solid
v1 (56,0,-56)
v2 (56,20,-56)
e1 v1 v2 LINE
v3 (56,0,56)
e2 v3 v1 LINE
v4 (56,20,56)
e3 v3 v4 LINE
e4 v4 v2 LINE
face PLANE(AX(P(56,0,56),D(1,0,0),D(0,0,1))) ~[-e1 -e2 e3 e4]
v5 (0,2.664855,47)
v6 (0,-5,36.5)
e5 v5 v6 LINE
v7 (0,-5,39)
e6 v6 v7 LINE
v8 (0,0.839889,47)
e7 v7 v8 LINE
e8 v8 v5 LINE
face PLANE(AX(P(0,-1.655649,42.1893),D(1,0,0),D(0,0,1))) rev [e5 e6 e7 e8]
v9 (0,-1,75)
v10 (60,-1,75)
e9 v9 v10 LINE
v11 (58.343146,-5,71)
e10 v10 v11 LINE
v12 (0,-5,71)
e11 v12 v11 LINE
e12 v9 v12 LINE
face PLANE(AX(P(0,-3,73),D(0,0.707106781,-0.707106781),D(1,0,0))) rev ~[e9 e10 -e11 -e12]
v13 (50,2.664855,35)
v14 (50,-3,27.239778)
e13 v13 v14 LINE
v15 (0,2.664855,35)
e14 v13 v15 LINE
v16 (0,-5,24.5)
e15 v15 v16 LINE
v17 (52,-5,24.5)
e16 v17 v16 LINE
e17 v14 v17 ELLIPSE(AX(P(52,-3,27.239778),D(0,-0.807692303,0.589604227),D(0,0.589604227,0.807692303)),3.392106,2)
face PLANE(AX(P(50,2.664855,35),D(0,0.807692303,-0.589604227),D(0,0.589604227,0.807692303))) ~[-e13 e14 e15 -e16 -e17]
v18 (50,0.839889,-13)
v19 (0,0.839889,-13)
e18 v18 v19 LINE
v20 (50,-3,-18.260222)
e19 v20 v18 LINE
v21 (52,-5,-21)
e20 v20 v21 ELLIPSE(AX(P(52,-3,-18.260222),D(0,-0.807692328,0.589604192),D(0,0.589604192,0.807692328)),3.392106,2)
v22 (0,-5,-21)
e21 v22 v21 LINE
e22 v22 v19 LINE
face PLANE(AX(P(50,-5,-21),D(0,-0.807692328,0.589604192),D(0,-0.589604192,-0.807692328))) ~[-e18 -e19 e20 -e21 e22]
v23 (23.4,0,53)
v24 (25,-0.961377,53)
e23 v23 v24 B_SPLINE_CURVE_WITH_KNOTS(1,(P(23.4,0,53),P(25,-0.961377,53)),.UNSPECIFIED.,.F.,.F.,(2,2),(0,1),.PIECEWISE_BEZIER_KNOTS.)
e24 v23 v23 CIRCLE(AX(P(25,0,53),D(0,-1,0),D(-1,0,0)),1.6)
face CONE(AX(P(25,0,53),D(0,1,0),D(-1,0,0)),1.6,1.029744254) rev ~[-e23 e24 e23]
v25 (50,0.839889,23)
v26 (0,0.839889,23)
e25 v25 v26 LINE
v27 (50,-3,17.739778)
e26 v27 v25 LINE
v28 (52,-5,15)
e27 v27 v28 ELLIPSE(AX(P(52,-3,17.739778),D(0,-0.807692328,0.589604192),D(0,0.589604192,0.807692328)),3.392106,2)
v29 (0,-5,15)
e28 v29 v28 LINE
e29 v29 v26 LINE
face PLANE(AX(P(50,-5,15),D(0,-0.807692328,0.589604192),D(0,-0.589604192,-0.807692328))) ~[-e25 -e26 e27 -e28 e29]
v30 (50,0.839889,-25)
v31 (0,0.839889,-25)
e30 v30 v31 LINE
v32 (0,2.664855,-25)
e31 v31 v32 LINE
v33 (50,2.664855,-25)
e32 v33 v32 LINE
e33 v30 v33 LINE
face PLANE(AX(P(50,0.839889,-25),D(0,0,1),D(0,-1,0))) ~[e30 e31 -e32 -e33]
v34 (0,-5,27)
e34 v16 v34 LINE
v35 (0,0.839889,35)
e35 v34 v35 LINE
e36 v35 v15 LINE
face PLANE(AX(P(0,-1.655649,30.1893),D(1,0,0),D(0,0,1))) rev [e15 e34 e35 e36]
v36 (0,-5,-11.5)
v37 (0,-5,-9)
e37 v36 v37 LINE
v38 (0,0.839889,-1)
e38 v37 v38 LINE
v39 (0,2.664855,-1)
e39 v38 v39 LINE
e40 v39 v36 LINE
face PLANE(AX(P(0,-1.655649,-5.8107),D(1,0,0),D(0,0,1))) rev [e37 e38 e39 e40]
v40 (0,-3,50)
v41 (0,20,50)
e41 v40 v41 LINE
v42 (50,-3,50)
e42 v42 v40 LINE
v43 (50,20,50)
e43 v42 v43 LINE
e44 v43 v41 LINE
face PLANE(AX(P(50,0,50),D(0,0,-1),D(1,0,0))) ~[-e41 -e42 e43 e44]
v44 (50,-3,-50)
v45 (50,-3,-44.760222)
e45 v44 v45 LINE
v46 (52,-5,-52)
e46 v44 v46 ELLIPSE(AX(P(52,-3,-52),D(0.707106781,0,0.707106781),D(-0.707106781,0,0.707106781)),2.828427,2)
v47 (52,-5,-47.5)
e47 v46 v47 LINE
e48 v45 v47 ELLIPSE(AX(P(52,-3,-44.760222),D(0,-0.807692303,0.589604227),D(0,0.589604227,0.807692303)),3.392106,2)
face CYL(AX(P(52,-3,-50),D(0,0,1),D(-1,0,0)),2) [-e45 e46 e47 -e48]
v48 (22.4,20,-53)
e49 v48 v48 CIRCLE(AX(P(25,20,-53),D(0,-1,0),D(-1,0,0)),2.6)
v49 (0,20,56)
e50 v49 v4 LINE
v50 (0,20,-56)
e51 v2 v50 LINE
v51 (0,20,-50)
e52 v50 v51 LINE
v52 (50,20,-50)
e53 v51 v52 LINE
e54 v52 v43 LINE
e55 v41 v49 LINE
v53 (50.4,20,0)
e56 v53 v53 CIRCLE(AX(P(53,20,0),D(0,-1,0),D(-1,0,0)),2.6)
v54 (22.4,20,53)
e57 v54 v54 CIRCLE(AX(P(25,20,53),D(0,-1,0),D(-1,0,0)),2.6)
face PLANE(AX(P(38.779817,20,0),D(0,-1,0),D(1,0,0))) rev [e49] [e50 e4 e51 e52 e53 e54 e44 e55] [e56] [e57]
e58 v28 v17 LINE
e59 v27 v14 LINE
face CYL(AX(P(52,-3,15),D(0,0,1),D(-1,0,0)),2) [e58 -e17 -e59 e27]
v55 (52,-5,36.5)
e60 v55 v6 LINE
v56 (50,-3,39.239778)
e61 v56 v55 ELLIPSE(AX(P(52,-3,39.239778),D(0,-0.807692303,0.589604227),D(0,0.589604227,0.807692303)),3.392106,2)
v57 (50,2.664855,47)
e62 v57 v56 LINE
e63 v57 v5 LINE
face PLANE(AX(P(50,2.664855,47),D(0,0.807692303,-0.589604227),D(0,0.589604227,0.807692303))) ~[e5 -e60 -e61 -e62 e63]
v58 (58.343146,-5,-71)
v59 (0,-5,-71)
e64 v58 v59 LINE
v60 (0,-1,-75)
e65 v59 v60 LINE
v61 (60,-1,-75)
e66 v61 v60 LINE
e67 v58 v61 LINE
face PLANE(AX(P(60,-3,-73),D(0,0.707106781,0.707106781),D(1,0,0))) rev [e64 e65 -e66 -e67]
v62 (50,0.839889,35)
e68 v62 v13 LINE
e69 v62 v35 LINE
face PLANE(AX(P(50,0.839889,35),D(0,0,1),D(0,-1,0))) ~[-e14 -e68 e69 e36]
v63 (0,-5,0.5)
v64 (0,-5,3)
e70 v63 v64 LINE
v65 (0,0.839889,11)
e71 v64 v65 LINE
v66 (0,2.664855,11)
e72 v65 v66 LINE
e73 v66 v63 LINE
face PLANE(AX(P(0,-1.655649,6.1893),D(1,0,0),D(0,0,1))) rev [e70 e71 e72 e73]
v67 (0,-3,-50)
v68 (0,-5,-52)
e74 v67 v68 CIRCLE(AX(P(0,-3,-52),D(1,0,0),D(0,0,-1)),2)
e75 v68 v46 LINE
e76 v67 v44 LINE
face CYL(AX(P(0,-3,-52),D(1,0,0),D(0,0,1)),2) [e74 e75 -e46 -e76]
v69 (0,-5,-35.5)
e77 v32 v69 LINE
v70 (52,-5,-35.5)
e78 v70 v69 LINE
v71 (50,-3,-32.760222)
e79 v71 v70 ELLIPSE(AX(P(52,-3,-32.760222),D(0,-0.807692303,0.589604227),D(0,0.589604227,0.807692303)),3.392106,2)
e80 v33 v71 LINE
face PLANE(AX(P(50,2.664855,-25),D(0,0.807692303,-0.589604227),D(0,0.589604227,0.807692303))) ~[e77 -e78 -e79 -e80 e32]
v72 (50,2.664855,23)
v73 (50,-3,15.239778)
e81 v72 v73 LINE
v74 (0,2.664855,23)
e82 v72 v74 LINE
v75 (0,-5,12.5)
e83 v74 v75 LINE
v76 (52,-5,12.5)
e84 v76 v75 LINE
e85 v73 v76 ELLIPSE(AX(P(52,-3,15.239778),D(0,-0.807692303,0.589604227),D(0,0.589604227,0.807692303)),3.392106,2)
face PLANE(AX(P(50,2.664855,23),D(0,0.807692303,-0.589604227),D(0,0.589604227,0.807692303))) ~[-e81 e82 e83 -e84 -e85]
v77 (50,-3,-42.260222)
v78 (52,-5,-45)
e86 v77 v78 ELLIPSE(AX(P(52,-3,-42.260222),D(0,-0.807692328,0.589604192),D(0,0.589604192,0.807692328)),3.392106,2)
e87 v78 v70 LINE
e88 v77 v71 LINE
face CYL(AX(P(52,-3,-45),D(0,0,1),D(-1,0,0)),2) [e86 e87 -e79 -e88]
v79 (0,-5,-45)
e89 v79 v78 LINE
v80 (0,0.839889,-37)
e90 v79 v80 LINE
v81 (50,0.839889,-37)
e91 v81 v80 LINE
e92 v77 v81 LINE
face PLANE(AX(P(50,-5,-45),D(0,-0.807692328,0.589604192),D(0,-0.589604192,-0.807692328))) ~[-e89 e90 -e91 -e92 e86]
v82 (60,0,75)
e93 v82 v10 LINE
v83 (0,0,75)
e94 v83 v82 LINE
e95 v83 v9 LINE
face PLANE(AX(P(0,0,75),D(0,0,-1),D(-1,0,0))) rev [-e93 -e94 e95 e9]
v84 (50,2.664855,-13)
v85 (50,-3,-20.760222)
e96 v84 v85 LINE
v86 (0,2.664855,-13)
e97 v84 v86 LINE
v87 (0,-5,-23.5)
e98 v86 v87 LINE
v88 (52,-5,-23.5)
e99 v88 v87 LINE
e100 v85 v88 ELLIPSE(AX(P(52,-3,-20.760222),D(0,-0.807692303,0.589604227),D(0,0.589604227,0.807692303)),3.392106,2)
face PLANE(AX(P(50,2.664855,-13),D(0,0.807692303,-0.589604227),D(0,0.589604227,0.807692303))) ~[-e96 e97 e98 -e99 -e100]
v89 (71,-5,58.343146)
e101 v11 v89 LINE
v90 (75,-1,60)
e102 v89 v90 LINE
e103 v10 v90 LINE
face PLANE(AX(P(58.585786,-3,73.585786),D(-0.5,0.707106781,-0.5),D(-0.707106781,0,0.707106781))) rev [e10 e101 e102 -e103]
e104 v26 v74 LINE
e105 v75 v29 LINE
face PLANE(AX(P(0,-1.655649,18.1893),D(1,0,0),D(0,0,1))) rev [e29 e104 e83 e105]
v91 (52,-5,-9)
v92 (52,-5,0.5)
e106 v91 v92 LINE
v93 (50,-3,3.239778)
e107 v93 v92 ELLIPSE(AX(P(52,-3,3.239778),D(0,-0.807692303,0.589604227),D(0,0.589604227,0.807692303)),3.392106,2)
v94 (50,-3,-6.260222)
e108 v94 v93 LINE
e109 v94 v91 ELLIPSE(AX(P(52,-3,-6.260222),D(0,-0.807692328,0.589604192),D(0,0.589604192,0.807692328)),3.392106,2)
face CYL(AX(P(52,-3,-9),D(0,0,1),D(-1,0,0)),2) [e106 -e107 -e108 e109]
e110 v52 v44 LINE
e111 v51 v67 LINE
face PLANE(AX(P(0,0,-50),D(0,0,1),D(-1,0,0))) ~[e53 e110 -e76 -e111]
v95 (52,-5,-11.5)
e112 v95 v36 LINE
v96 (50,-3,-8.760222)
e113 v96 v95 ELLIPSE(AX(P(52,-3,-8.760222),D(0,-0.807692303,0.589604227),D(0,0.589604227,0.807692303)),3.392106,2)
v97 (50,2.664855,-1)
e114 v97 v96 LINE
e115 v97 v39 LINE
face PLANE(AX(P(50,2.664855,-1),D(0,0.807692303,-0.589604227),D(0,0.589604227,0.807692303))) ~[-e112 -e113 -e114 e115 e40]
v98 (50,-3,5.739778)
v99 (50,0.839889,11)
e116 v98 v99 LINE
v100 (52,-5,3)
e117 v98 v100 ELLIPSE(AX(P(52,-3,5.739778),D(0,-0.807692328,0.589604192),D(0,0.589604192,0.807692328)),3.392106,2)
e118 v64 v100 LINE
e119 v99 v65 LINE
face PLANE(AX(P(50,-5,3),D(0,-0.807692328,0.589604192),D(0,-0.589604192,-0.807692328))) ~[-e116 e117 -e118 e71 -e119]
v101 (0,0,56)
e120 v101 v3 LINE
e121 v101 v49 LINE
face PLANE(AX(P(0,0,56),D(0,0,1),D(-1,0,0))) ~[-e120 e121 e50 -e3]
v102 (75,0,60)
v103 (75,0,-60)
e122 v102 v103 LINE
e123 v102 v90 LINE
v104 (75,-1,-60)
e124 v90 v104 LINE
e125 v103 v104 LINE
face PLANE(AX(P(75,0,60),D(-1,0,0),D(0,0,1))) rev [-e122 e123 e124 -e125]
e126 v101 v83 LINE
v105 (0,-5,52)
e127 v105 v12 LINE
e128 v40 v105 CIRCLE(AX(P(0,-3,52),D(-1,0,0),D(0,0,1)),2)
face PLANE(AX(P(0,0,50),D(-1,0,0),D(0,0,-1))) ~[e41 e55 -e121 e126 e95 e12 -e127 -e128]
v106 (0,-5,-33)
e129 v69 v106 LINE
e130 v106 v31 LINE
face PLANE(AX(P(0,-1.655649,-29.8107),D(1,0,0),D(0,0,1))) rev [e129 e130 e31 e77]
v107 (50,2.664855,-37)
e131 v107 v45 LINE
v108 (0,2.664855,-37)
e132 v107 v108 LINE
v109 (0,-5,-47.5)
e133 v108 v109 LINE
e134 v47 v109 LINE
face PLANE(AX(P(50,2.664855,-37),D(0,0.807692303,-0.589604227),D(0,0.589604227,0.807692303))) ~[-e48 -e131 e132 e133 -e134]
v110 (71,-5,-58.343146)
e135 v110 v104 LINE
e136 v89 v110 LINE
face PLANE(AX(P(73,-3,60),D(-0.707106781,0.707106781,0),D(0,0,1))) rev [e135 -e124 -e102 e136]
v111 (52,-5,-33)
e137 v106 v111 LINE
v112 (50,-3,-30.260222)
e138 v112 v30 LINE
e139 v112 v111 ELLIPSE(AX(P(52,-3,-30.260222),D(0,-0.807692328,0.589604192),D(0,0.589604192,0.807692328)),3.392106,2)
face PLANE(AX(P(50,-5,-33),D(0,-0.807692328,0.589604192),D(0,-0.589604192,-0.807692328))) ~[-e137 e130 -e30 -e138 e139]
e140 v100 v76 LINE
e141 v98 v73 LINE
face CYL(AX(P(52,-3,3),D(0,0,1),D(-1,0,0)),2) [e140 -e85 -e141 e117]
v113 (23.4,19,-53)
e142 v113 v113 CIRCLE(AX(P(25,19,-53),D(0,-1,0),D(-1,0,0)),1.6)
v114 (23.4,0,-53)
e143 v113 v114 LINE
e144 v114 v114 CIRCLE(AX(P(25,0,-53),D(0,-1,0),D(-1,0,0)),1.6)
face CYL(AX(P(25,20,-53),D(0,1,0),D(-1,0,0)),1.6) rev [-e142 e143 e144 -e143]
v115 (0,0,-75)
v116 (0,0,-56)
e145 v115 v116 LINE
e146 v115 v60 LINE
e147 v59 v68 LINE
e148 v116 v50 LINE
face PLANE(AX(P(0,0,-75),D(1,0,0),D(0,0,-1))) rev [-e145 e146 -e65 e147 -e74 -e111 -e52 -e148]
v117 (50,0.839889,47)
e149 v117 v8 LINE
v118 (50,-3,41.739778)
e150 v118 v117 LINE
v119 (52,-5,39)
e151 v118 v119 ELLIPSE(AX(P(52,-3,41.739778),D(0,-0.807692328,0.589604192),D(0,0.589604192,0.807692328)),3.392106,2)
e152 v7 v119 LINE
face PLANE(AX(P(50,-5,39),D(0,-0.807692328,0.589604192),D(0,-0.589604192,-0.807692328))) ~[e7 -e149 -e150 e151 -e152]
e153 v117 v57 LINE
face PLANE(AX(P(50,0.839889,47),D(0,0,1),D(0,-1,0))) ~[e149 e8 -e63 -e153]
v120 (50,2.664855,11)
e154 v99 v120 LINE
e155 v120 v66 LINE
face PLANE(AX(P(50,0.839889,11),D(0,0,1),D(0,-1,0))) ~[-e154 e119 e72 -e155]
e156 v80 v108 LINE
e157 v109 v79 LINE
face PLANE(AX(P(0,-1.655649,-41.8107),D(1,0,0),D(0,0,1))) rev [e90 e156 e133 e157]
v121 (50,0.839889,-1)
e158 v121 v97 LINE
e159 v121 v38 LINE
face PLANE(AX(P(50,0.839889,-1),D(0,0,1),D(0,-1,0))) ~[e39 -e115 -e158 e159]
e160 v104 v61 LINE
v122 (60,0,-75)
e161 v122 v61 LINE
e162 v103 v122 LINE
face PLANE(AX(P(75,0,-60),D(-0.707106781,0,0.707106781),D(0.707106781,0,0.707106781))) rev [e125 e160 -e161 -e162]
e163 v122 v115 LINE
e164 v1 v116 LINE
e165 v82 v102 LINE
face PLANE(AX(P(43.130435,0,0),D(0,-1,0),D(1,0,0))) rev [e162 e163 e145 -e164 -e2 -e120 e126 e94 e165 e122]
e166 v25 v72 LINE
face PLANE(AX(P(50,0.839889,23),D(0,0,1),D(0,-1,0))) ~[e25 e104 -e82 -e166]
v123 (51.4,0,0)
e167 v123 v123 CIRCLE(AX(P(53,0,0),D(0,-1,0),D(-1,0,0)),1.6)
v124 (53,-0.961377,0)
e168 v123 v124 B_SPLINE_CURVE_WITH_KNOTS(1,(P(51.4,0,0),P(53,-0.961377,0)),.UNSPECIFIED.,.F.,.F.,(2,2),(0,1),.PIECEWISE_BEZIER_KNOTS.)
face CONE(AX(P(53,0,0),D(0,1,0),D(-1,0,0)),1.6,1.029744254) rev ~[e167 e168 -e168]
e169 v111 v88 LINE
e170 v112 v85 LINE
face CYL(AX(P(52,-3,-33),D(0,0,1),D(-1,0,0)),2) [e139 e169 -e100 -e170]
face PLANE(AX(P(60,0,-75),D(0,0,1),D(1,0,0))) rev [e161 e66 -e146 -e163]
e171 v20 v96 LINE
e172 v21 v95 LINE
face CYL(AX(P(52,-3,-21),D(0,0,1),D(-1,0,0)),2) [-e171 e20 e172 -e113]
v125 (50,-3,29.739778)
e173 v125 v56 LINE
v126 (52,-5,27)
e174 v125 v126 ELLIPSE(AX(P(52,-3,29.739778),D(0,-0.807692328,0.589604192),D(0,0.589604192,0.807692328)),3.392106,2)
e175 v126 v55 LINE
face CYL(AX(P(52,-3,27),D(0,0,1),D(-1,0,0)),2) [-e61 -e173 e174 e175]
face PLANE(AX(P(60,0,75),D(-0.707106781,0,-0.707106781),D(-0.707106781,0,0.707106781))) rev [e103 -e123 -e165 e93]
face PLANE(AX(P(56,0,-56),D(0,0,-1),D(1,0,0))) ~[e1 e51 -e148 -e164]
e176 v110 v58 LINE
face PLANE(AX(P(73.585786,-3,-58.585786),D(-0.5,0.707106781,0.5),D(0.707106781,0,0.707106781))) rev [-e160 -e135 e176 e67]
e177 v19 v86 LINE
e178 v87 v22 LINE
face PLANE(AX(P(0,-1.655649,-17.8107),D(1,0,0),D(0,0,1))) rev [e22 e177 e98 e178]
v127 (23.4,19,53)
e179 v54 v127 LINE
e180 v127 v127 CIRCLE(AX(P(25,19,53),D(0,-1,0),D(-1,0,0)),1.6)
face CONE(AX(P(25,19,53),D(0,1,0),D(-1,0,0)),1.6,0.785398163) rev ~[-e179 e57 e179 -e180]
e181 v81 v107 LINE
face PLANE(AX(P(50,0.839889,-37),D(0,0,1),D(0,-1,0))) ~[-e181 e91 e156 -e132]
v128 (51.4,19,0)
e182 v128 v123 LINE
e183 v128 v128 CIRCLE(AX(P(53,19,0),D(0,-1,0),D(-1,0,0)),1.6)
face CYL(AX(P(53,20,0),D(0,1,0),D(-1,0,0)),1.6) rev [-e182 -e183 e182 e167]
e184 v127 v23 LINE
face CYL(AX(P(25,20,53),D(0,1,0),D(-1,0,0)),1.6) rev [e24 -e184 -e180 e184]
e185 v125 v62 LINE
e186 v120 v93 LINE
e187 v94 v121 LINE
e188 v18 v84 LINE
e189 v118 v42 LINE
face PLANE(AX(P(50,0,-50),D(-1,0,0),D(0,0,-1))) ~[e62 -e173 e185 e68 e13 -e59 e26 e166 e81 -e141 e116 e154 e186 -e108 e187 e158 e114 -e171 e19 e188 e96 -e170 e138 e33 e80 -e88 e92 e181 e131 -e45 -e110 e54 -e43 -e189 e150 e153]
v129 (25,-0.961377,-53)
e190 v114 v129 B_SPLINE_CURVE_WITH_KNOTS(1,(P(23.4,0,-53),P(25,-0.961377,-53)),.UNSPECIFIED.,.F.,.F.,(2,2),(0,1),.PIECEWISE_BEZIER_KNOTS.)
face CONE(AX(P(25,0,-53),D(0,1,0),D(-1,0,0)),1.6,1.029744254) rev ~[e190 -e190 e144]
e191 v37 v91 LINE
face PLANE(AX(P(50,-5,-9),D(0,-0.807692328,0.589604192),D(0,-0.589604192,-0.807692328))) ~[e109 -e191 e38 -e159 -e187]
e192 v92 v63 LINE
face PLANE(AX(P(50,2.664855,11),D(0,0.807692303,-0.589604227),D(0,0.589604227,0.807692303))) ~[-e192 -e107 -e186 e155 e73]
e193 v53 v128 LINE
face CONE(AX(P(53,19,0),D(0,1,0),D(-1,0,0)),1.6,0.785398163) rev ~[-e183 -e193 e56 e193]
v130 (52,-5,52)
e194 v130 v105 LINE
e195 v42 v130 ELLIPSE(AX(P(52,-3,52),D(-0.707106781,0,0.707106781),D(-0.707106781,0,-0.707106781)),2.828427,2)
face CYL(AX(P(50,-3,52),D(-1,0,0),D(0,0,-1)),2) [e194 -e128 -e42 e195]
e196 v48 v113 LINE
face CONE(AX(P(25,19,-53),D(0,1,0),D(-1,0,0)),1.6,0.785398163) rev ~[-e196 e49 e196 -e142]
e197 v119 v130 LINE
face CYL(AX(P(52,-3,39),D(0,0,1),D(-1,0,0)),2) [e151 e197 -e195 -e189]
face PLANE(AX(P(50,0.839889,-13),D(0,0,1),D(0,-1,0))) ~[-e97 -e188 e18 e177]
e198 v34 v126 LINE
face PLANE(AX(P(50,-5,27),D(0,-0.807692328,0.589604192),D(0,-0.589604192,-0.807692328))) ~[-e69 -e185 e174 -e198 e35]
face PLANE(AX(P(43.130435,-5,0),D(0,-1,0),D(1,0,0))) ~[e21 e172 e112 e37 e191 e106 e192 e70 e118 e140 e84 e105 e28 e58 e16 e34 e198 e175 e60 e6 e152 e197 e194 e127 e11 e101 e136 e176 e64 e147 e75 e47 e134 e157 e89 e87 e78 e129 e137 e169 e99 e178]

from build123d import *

# Parameters (mm, degrees)
PAD_DEPTH           = 5
PAD001_DEPTH        = 20
PAD002_DEPTH        = 50
LINEARPATTERN_COUNT = 8
LINEARPATTERN_PITCH = 12
SKETCH003_R         = 1.6
HOLE_DEPTH          = 20
HOLE_TIPS_R         = 1.6
CHAMFER_SIZE        = 4
CHAMFER001_SIZE     = 1
FILLET_R            = 2


with BuildPart() as k_rper:
    # Sketch → Pad (new body)
    with BuildSketch(Plane.XZ):
        Polygon((-50, -50), (-50, 50), (0, 50), (0, 75), (-60, 75), (-75, 60), (-75, -60), (-60, -75), (0, -75), (0, -50), align=None)
    extrude(amount=PAD_DEPTH)

    # Sketch001 → Pad001 (join)
    with BuildSketch(Plane.XZ):
        Polygon((0, 56), (-56, 56), (-56, 0), (-56, -56), (0, -56), (0, -50), (-50, -50), (-50, 0), (-50, 50), (0, 50), align=None)
    extrude(amount=-PAD001_DEPTH)

    # Sketch002 (on Face5 of Pad001) → Pad002 (join)
    with BuildSketch(Plane(origin=(-50, 0, 0), x_dir=(0, 0, 1), z_dir=(1, 0, 0))):
        Polygon((39, 5), (47, -0.839889), (47, -2.664855), (36.5, 5), align=None)
    pad002 = extrude(amount=PAD002_DEPTH)

    # LinearPattern: Pad002 ×8
    with Locations(*[(0, 0, -i * LINEARPATTERN_PITCH) for i in range(1, LINEARPATTERN_COUNT)]):
        add(pad002)

    # Sketch003 (on Face22 of LinearPattern) → Hole (cut)
    with BuildSketch(Plane(origin=(0, 20, 0), x_dir=(1, 0, 0), z_dir=(0, 1, 0))):
        with Locations((-25, 53)):
            Circle(SKETCH003_R)
        with Locations((-53, 0)):
            Circle(SKETCH003_R)
        with Locations((-25, -53)):
            Circle(SKETCH003_R)
    extrude(amount=-HOLE_DEPTH, mode=Mode.SUBTRACT)

    # Hole tips → Hole tip 1 section 0
    with BuildSketch(Plane(origin=(0, 0, 0), x_dir=(1, 0, 0), z_dir=(0, 1, 0)), mode=Mode.PRIVATE) as hole_tip_1_s0:
        with Locations((-25, 53)):
            Circle(HOLE_TIPS_R)
    loft([hole_tip_1_s0.sketch, Vertex(-25, -0.961377, -53)], mode=Mode.SUBTRACT)

    # Hole tips → Hole tip 2 section 0
    with BuildSketch(Plane(origin=(0, 0, 0), x_dir=(1, 0, 0), z_dir=(0, 1, 0)), mode=Mode.PRIVATE) as hole_tip_2_s0:
        with Locations((-53, 0)):
            Circle(HOLE_TIPS_R)
    loft([hole_tip_2_s0.sketch, Vertex(-53, -0.961377, 0)], mode=Mode.SUBTRACT)

    # Hole tips → Hole tip 3 section 0
    with BuildSketch(Plane(origin=(0, 0, 0), x_dir=(1, 0, 0), z_dir=(0, 1, 0)), mode=Mode.PRIVATE) as hole_tip_3_s0:
        with Locations((-25, -53)):
            Circle(HOLE_TIPS_R)
    loft([hole_tip_3_s0.sketch, Vertex(-25, -0.961377, 53)], mode=Mode.SUBTRACT)

    # Chamfer
    chamfer_edges = [k_rper.edges().sort_by_distance(p)[0] for p in [
        (-30, -5, 75),
        (-67.5, -5, 67.5),
        (-75, -5, 0),
        (-67.5, -5, -67.5),
        (-30, -5, -75),
    ]]
    chamfer(chamfer_edges, length=CHAMFER_SIZE)

    # Chamfer001
    chamfer001_edges = [k_rper.edges().sort_by_distance(p)[0] for p in [
        (-23.4, 20, 53),
        (-51.4, 20, 0),
        (-23.4, 20, -53),
    ]]
    chamfer(chamfer001_edges, length=CHAMFER001_SIZE)

    # Fillet
    fillet_edges = [k_rper.edges().sort_by_distance(p)[0] for p in [
        (-25, -5, 50),
        (-50, -5, 44.5),
        (-50, -5, 31.75),
        (-50, -5, 19.75),
        (-50, -5, 7.75),
        (-50, -5, -4.25),
        (-50, -5, -16.25),
        (-50, -5, -28.25),
        (-50, -5, -40.25),
        (-50, -5, -48.75),
        (-25, -5, -50),
    ]]
    fillet(fillet_edges, radius=FILLET_R)


with BuildPart() as part_mirroring:
    # Part__Mirroring: instance of Körper
    add(k_rper.part.mirror(Plane(origin=(0, 0, 0), x_dir=(0, -1, 0), z_dir=(1, 0, 0))))


solid = part_mirroring.part
